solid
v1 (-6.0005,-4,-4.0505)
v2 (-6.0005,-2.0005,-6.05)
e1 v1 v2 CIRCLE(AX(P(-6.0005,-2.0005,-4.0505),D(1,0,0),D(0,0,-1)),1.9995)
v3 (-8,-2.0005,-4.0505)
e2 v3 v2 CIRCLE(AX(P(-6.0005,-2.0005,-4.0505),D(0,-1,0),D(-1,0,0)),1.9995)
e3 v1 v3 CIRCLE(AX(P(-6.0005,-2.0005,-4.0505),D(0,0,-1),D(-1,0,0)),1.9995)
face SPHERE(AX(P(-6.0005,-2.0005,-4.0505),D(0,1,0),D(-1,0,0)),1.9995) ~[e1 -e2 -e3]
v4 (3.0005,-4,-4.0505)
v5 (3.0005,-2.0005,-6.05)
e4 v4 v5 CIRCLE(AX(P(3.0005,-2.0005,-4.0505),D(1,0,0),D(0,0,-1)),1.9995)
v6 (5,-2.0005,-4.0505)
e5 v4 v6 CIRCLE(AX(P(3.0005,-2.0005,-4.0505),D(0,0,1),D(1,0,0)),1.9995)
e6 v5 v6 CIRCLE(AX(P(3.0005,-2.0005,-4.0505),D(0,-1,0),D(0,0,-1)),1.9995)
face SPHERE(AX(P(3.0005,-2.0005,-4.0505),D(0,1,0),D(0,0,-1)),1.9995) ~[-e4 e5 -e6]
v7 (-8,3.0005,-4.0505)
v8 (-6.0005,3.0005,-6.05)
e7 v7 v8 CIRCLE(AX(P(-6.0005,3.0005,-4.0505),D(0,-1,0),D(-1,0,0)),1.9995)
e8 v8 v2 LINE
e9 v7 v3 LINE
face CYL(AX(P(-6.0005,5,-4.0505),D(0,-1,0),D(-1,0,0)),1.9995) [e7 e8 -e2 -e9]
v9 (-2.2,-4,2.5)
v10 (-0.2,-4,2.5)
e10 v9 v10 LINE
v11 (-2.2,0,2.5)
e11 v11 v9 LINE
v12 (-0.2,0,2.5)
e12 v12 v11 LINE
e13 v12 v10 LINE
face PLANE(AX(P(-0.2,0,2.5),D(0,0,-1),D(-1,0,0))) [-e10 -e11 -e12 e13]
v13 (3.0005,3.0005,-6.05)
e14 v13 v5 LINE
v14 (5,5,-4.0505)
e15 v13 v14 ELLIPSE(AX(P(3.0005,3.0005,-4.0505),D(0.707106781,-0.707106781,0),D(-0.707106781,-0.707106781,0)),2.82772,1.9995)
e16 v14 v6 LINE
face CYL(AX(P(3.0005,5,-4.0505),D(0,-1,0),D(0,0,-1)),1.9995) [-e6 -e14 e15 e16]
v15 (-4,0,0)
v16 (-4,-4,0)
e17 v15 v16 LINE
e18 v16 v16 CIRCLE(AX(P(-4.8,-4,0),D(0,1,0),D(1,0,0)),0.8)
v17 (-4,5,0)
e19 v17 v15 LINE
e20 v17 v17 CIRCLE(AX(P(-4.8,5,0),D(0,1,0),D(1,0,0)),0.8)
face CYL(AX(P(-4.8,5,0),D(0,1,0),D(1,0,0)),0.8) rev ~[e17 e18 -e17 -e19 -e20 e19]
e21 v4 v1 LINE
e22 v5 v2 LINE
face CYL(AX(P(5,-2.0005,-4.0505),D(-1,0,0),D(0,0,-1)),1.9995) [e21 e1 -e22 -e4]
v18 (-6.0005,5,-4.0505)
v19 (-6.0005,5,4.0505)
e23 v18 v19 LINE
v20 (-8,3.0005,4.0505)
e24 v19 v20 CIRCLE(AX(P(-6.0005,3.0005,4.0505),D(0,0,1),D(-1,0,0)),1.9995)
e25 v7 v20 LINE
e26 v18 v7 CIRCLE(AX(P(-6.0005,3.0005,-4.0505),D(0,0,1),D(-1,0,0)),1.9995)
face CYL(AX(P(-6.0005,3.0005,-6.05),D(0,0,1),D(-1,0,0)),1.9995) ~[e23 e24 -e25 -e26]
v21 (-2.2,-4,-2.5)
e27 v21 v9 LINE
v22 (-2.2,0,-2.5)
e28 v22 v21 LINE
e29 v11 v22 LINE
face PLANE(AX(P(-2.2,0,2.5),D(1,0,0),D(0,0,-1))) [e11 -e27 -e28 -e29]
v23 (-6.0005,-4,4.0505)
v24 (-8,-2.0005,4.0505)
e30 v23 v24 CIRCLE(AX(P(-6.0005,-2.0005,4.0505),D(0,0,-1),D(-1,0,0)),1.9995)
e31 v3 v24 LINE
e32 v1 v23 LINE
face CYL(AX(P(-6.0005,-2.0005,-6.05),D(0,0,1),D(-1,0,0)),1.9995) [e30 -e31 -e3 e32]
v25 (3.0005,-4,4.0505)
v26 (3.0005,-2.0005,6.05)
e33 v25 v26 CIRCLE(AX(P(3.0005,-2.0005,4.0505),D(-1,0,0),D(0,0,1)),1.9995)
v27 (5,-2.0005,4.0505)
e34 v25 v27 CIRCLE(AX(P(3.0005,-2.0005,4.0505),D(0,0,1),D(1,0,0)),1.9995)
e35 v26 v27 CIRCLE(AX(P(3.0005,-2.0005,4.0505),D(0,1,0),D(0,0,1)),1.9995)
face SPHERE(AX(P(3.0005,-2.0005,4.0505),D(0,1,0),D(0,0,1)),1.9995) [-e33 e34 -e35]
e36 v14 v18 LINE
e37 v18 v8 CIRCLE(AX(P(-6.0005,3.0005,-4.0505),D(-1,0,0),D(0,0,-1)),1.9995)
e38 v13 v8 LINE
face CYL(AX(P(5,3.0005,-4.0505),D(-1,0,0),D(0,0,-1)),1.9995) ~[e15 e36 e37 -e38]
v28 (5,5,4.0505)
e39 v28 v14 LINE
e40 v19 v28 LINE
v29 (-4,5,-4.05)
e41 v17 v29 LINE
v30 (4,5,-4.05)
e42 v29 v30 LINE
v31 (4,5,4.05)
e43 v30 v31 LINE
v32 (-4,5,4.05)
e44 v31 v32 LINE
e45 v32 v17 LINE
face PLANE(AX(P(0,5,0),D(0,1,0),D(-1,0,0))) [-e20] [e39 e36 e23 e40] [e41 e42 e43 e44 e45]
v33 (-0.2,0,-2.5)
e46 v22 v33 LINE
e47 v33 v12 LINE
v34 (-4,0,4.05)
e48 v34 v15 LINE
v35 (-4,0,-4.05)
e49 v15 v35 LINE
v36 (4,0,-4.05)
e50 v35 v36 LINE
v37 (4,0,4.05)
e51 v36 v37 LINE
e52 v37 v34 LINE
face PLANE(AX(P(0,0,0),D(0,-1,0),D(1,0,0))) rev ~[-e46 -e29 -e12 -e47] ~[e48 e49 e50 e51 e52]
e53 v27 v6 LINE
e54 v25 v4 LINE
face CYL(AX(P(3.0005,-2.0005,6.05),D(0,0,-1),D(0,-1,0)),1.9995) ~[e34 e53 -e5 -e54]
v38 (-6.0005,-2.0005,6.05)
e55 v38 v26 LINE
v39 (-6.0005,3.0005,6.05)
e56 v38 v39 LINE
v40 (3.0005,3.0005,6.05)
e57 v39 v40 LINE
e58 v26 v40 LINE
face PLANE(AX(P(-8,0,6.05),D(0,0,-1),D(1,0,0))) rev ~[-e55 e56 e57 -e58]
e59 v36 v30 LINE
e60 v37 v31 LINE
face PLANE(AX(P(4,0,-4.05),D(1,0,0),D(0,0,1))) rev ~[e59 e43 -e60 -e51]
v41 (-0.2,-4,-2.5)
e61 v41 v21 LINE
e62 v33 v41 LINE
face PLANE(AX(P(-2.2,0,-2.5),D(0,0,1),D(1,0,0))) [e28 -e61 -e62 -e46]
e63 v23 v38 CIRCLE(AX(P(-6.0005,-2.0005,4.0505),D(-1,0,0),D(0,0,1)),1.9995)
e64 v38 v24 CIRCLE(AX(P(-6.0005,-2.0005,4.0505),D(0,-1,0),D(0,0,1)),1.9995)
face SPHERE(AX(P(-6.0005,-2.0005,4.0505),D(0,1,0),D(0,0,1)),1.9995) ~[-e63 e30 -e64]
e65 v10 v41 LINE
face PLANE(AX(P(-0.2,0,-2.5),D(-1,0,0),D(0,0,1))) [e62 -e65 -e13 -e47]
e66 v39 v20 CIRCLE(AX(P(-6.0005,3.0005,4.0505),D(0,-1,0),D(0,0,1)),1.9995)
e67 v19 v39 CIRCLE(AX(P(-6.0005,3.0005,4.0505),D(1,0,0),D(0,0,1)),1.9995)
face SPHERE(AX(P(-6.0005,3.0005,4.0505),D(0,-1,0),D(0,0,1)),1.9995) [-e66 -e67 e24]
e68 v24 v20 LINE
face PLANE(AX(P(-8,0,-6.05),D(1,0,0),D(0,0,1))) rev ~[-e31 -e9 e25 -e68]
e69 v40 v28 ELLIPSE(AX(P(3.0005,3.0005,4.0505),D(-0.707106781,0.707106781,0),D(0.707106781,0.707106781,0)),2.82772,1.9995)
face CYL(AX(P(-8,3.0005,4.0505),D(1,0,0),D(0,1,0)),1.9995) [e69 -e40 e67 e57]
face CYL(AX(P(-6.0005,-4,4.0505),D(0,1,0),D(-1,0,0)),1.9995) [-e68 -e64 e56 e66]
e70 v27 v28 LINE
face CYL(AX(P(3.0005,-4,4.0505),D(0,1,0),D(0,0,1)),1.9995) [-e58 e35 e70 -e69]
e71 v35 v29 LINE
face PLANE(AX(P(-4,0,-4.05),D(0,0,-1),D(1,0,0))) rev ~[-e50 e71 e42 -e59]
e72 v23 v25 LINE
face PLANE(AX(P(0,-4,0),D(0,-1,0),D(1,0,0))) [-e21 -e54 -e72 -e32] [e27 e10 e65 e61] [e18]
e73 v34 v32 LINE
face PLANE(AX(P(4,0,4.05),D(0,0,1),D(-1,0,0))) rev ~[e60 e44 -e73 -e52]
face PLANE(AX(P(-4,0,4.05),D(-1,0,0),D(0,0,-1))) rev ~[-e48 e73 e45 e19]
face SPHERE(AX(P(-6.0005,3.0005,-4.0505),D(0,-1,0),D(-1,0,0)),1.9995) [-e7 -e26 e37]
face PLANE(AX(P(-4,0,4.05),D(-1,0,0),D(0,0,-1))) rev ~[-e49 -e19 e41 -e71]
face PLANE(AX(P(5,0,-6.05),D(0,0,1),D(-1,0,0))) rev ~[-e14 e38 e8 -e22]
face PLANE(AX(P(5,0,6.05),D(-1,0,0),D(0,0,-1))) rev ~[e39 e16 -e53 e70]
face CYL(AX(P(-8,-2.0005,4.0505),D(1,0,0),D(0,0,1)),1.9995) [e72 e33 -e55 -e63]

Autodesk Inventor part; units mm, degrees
ref_plane "YZ Plane" through (0, 0, 0) normal (1, 0, 0) x (0, 1, 0)
ref_plane "XZ Plane" through (0, 0, 0) normal (0, 1, 0) x (-1, 0, 0)
ref_plane "XY Plane" through (0, 0, 0) normal (0, 0, 1) x (1, 0, 0)
sketch "Sketch1" plane through (0, 0, 0) normal (0, 1, 0) x (-1, 0, 0)
  line L0 (-4, 4.05) -> (4, 4.05)
  line L1 (4, 4.05) -> (4, -4.05)
  line L2 (4, -4.05) -> (-4, -4.05)
  line L3 (-4, -4.05) -> (-4, 4.05)
  line L4 (-4, 4.05) -> (4, -4.05) construction
  line L5 (4, 4.05) -> (-4, -4.05) construction
  line L6 (8, 6.05) -> (-5, 6.05)
  line L7 (-5, 6.05) -> (-5, -6.05)
  line L8 (-5, -6.05) -> (8, -6.05)
  line L9 (8, -6.05) -> (8, 6.05)
  point P0 (0, 0)
  dimension "d0" = 8.1
  dimension "d1" = 8
  dimension "d5" = 2
  dimension "d6" = 2
  dimension "d7" = 1
  dimension "d8" = 4
extrude "Extrusion1" add sketch "Sketch1" along normal blind 5
sketch "Sketch2" plane through (0, 0, 0) normal (0, -1, 0) x (1, 0, 0)
  line L0 (5, 6.05) -> (5, -6.05) projected
  line L1 (-8, 6.05) -> (5, 6.05) projected
  line L2 (-8, -6.05) -> (-8, 6.05) projected
  line L3 (5, -6.05) -> (-8, -6.05) projected
  line L4 (4, 4.05) -> (-4, 4.05) projected
  line L5 (4, -4.05) -> (4, 4.05) projected
  line L6 (-4, -4.05) -> (4, -4.05) projected
  line L7 (-4, 4.05) -> (-4, -4.05) projected
  point P0 (0, 0)
extrude "Extrusion2" add sketch "Sketch2" along normal blind 4 contours L0 L3 L2 L1 | L5 L6 L7 L4
sketch "Sketch3" plane through (0, 5, 0) normal (0, 1, 0) x (1, 0, 0)
  line L0 (-4, -4.05) -> (-4, 4.05) projected
  circle A0 centre (-4.8, 0) radius 0.8
  point P0 (0, 0)
  dimension "d14" = 1.6
extrude "Extrusion3" cut sketch "Sketch3" against normal blind 100
sketch "Sketch4" plane through (0, 0, 0) normal (0, 1, 0) x (1, 0, 0)
  line L0 (-0.2, -2.5) -> (-2.2, -2.5)
  line L1 (-2.2, -2.5) -> (-2.2, 2.5)
  line L2 (-2.2, 2.5) -> (-0.2, 2.5)
  line L3 (-0.2, 2.5) -> (-0.2, -2.5)
  line L4 (-0.2, -2.5) -> (-2.2, 2.5) construction
  line L5 (-2.2, -2.5) -> (-0.2, 2.5) construction
  line L6 (-4, -4.05) -> (-4, 0) projected
  point P0 (0, 0)
  point P1 (-1.2, 0)
  point P2 (-1.2, 0)
  dimension "d17" = 5
  dimension "d18" = 3.8
  dimension "d19" = 2
extrude "Extrusion4" cut sketch "Sketch4" against normal blind 100
fillet "Fillet1" radius 2 11 edges at (-8, 0.5, -6.05) (5, 0.5, -6.05) (-8, 0.5, 6.05) (5, 0.5, 6.05) (-1.5, -4, 6.05) (-8, -4, 0) (-1.5, -4, -6.05) (-1.5, 5, 6.05) (-8, 5, 0) (-1.5, 5, -6.05) (5, -4, 0)
properties part number "Cable_tie_connector_p1"
